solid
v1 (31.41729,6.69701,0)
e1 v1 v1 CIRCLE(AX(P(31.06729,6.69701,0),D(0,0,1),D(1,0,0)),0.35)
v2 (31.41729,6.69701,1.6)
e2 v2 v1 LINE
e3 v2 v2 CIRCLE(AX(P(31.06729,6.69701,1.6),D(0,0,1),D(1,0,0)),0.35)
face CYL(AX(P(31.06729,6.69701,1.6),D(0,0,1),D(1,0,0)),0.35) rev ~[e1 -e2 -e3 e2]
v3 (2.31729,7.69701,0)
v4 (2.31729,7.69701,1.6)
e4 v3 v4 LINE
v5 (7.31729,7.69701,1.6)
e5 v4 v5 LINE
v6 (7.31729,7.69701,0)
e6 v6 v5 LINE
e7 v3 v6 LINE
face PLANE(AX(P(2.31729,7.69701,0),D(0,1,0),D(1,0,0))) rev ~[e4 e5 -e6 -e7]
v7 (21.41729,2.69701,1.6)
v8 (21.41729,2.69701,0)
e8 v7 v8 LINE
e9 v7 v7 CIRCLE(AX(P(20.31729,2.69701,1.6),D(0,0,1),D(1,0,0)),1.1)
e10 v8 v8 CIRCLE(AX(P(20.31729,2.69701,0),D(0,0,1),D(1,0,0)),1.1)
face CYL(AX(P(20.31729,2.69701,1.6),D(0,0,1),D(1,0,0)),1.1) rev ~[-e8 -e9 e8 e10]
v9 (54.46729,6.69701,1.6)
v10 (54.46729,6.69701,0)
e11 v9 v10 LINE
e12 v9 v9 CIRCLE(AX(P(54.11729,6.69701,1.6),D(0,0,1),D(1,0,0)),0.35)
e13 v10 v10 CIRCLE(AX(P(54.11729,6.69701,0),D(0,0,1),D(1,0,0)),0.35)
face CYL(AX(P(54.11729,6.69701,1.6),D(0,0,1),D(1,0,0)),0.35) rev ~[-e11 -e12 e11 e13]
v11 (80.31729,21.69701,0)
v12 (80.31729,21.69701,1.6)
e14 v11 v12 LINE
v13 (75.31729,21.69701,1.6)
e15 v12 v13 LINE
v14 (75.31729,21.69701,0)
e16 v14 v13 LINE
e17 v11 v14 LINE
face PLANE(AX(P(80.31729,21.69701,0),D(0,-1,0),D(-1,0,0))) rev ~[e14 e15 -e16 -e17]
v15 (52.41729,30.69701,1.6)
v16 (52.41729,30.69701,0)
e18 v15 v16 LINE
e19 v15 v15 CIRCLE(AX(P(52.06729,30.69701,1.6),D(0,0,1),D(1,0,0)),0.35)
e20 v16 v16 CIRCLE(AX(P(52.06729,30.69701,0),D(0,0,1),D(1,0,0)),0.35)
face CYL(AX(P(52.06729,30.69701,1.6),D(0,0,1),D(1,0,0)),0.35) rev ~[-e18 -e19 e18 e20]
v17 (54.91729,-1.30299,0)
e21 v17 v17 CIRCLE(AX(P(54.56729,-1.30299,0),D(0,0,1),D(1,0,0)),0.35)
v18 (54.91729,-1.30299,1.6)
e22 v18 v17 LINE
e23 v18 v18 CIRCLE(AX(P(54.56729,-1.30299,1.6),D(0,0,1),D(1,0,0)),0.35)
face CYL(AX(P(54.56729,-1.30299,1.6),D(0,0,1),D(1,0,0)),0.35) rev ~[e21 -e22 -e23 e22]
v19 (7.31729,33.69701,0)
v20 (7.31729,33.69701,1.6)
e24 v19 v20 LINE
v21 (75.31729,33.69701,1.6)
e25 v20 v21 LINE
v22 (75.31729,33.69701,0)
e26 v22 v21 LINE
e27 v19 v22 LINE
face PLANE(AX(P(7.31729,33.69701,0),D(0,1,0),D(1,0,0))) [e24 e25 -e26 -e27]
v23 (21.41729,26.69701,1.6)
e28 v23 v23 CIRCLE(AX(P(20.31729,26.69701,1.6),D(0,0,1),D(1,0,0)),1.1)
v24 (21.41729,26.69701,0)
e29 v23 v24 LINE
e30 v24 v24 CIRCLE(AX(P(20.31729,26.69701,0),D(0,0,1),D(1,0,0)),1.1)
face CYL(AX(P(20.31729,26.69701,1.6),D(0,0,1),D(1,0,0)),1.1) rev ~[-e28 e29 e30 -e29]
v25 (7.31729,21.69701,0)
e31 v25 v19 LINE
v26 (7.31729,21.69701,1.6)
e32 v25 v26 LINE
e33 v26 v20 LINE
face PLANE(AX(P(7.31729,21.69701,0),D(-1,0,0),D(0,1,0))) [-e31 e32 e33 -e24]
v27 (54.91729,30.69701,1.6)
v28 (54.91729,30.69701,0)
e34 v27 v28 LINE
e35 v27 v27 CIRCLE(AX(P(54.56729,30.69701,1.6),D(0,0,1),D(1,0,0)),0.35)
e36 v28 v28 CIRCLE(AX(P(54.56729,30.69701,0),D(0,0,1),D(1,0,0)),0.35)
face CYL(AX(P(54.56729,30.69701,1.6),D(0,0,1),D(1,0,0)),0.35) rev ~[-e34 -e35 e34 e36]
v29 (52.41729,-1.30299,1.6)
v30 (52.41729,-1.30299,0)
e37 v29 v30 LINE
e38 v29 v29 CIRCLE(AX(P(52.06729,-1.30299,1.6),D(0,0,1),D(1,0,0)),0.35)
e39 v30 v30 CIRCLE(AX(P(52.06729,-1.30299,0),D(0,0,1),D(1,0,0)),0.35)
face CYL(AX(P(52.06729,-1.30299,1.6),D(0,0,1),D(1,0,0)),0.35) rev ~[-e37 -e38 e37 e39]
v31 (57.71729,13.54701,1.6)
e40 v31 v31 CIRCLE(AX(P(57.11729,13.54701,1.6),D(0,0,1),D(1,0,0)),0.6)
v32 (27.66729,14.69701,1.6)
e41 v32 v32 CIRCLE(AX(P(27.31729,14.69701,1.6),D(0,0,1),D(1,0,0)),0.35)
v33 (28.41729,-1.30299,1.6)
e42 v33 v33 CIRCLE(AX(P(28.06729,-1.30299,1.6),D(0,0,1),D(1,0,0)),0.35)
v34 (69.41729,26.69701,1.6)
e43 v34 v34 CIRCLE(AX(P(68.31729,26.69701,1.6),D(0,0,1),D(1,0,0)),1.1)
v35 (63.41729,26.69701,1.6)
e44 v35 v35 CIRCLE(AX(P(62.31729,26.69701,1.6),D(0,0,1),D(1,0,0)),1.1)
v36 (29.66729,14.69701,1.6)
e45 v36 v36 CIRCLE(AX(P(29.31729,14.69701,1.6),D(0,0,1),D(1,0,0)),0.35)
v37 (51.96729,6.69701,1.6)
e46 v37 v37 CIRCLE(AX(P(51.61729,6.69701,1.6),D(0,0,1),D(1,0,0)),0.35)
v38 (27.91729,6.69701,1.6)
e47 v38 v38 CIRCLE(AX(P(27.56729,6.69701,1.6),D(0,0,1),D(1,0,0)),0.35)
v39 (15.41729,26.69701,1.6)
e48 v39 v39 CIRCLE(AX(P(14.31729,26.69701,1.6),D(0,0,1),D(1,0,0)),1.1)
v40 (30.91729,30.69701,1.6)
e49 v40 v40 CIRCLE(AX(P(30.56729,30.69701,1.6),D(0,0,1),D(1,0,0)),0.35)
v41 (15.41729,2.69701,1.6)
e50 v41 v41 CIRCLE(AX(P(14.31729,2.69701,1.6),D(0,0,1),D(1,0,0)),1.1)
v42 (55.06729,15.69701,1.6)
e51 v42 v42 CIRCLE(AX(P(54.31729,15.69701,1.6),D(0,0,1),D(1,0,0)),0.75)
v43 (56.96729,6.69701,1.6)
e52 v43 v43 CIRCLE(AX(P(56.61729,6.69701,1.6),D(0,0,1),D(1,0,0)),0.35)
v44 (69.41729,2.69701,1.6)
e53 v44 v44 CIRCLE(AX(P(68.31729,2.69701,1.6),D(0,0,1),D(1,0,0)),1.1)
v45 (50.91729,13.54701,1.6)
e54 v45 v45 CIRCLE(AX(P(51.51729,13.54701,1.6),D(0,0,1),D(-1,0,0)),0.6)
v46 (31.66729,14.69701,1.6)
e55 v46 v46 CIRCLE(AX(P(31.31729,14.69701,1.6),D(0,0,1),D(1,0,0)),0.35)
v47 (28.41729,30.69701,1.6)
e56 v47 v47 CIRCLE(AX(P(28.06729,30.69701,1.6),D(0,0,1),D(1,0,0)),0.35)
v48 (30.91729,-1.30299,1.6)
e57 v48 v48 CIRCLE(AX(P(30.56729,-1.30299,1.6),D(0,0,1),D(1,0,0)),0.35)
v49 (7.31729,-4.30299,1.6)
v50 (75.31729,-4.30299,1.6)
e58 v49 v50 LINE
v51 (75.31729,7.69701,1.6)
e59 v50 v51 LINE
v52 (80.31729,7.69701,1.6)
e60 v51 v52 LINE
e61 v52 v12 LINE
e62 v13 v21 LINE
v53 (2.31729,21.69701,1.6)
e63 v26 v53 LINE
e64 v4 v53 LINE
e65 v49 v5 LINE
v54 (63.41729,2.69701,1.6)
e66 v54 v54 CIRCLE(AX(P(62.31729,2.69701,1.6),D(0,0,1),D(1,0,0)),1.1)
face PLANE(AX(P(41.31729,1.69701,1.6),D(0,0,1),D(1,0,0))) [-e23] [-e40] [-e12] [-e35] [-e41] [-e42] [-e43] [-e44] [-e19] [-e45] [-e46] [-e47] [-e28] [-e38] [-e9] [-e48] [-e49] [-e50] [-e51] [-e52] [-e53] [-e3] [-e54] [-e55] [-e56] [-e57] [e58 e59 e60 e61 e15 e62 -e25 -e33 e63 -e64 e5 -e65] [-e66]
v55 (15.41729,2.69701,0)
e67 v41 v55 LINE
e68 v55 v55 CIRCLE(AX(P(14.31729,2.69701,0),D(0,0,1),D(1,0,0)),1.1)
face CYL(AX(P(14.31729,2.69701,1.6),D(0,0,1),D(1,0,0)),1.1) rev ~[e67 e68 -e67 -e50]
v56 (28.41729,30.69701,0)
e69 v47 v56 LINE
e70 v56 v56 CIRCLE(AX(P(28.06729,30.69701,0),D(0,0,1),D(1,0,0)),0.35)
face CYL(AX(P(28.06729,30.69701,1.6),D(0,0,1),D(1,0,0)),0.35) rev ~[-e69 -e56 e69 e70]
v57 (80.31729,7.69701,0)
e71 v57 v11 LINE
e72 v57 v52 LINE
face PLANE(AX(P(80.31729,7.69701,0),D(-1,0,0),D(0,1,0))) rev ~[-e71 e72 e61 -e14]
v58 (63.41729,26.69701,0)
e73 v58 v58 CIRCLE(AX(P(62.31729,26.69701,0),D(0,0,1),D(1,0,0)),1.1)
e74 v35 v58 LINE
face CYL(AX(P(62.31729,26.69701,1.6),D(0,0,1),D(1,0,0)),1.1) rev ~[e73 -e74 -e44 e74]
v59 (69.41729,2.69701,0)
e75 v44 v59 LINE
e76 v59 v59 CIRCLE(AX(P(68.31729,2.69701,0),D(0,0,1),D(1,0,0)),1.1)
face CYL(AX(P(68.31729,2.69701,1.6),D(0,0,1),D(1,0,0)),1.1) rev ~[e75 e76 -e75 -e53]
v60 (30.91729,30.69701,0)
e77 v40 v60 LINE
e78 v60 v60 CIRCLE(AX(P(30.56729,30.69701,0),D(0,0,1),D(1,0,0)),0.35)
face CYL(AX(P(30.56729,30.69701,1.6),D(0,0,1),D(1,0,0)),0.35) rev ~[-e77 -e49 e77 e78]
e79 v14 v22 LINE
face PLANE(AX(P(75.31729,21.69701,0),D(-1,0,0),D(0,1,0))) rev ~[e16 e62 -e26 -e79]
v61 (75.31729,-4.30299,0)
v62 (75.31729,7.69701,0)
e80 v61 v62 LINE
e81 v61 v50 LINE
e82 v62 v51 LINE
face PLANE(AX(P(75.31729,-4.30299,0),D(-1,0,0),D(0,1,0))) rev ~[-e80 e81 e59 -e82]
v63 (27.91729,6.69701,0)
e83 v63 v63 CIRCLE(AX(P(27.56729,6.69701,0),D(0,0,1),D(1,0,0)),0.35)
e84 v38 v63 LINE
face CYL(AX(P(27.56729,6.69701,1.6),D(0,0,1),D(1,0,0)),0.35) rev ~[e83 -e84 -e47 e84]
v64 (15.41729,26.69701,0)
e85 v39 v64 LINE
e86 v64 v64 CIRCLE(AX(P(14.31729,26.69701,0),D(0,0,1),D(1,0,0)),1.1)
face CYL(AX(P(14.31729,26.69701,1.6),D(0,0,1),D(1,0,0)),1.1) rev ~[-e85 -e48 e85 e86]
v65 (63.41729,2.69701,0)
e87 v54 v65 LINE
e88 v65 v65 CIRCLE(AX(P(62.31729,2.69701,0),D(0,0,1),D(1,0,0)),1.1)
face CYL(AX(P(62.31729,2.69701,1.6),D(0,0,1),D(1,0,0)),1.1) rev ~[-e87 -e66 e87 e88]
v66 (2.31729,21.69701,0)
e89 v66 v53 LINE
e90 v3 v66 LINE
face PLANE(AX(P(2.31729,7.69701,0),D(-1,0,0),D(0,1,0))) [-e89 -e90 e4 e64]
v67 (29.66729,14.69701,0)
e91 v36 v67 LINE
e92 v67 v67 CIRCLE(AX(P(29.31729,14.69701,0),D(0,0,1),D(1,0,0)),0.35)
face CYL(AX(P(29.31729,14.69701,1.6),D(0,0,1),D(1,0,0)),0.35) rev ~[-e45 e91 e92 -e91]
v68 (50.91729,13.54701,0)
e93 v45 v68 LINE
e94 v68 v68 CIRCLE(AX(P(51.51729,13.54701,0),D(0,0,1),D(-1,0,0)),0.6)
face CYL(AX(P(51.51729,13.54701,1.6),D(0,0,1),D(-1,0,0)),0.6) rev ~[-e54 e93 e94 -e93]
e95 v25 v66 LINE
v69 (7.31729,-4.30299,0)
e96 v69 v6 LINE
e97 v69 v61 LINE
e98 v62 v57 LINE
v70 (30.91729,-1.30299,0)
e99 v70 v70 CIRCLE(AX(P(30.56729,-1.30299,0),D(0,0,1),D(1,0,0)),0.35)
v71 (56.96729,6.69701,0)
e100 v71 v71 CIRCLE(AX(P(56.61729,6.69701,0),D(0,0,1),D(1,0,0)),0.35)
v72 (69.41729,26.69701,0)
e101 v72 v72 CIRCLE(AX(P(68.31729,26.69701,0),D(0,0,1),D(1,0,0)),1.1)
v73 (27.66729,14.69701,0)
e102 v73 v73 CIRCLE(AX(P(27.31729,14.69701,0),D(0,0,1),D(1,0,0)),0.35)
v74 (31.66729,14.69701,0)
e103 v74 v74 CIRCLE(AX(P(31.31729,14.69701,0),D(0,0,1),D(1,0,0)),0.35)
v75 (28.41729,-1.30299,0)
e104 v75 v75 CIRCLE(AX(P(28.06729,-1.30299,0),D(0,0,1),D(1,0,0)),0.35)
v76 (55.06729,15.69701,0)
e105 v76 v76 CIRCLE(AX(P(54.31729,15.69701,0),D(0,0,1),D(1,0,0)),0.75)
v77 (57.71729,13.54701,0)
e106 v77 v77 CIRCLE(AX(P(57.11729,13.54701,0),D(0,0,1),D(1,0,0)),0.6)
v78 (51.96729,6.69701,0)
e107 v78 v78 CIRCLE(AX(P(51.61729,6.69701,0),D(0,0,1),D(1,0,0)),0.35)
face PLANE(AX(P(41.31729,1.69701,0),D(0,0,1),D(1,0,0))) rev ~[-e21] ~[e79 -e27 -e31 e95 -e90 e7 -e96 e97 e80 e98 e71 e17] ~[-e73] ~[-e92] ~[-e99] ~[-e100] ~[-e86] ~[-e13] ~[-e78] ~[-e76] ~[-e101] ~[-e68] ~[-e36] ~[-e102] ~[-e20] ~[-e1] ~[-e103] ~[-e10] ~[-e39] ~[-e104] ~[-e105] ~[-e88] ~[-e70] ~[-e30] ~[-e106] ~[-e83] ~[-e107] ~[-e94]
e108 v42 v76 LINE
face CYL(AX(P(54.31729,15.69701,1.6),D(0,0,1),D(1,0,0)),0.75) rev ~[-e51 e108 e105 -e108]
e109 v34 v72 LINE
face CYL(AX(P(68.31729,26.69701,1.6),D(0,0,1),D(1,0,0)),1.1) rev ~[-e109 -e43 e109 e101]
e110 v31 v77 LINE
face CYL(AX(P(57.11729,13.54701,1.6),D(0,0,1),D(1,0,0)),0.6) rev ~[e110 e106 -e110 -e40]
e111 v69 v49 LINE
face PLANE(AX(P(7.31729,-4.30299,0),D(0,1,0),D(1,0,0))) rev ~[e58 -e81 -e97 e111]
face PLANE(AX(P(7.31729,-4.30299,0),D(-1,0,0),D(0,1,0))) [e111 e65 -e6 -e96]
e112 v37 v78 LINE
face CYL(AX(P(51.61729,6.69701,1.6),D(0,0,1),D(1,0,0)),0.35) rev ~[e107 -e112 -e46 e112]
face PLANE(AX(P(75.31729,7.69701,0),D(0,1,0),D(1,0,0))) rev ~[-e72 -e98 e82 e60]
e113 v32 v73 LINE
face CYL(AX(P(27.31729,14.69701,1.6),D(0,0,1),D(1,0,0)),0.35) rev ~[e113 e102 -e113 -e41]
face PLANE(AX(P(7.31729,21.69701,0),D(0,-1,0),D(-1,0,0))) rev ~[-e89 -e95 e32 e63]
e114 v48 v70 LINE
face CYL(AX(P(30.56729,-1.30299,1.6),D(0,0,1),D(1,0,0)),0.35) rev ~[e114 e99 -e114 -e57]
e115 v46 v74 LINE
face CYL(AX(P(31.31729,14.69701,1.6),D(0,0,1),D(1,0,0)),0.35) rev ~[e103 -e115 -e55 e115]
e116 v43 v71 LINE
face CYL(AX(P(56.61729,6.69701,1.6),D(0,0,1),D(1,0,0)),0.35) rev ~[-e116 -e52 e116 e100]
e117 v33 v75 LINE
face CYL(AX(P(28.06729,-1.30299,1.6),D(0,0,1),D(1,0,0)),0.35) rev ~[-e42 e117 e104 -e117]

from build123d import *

# Parameters (mm, degrees)
F0_W     = 68
F0_H     = 12
F0_W_2   = 5
F0_H_2   = 14
F1_DEPTH = 1.6
F4_R     = 0.35
F5_R     = 0.35
F6_R     = 0.35
F2_R     = 0.35
F7_DEPTH = 4
F8_R     = 1.1
F9_DEPTH = 25


with BuildPart() as f1:
    # F0 (on Top) → F1 (new body)
    with BuildSketch(Plane.XY):
        with Locations((41.3172904253, 1.6970097786)):
            Rectangle(F0_W, F0_H)
        with Locations((4.8172904253, 14.6970097786)):
            Rectangle(F0_W_2, F0_H_2)
        with Locations((41.3172904253, 14.6970097786)):
            Rectangle(F0_W, F0_H_2)
        with Locations((77.8172904253, 14.6970097786)):
            Rectangle(F0_W_2, F0_H_2)
        with Locations((41.3172904253, 27.6970097786)):
            Rectangle(F0_W, F0_H)
    extrude(amount=F1_DEPTH)

    # F4 (on face) + F5 (on face) + F6 (on face) + F3 (on face) + F2 (on face) → F7 (cut)
    with BuildSketch(Plane.XY.offset(1.6)):
        with Locations((51.6172904253, 6.6970097786)):
            Circle(F4_R)
        with Locations((56.6172904253, 6.6970097786)):
            Circle(F4_R)
        with Locations((54.1172904253, 6.6970097786)):
            Circle(F4_R)
    with BuildSketch(Plane.XY.offset(1.6)):
        with Locations((28.0672904253, -1.3029902214)):
            Circle(F5_R)
        with Locations((30.5672904253, -1.3029902214)):
            Circle(F5_R)
        with Locations((52.0672904253, -1.3029902214)):
            Circle(F5_R)
        with Locations((54.5672904253, -1.3029902214)):
            Circle(F5_R)
        with Locations((54.5672904253, 30.6970097786)):
            Circle(F5_R)
        with Locations((52.0672904253, 30.6970097786)):
            Circle(F5_R)
        with Locations((30.5672904253, 30.6970097786)):
            Circle(F5_R)
        with Locations((28.0672904253, 30.6970097786)):
            Circle(F5_R)
    with BuildSketch(Plane.XY.offset(1.6)):
        with Locations((27.5672904253, 6.6970097786)):
            Circle(F6_R)
        with Locations((31.0672904253, 6.6970097786)):
            Circle(F6_R)
    with BuildSketch(Plane.XY.offset(1.6)):
        with BuildLine():
            Line((54.8172904253, 15.4470097786), (53.8172904253, 15.4470097786))
            ThreePointArc((53.8172904253, 15.4470097786), (53.640513733, 15.5202330803), (53.5672904253, 15.6970097701))
            ThreePointArc((53.5672904253, 15.6970097701), (54.3172904296, 14.9470097786), (55.0672904253, 15.6970097786))
            ThreePointArc((55.0672904253, 15.6970097786), (54.9940671206, 15.5202330833), (54.8172904253, 15.4470097786))
        make_face()
        with BuildLine():
            ThreePointArc((53.5672904253, 15.6970097701), (53.640513733, 15.5202330803), (53.8172904253, 15.4470097786))
            Line((53.8172904253, 15.4470097786), (54.8172904253, 15.4470097786))
            ThreePointArc((54.8172904253, 15.4470097786), (54.9940671206, 15.5202330833), (55.0672904253, 15.6970097786))
            ThreePointArc((55.0672904253, 15.6970097786), (54.9940671206, 15.8737864739), (54.8172904253, 15.9470097786))
            Line((54.8172904253, 15.9470097786), (53.8172904253, 15.9470097786))
            ThreePointArc((53.8172904253, 15.9470097786), (53.640513727, 15.8737864709), (53.5672904253, 15.6970097701))
        make_face()
        with BuildLine():
            ThreePointArc((55.0672904253, 15.6970097786), (54.317290421, 16.4470097786), (53.5672904253, 15.6970097701))
            ThreePointArc((53.5672904253, 15.6970097701), (53.640513727, 15.8737864709), (53.8172904253, 15.9470097786))
            Line((53.8172904253, 15.9470097786), (54.8172904253, 15.9470097786))
            ThreePointArc((54.8172904253, 15.9470097786), (54.9940671206, 15.8737864739), (55.0672904253, 15.6970097786))
        make_face()
        with BuildLine():
            Line((51.1672904253, 13.7970097786), (51.8672904253, 13.7970097786))
            ThreePointArc((51.8672904253, 13.7970097786), (52.0440671206, 13.7237864739), (52.1172904253, 13.5470097786))
            ThreePointArc((52.1172904253, 13.5470097786), (51.5172904253, 14.1470097786), (50.9172904253, 13.5470097786))
            ThreePointArc((50.9172904253, 13.5470097786), (50.99051373, 13.7237864739), (51.1672904253, 13.7970097786))
        make_face()
        with BuildLine():
            ThreePointArc((52.1172904253, 13.5470097786), (52.0440671206, 13.7237864739), (51.8672904253, 13.7970097786))
            Line((51.8672904253, 13.7970097786), (51.1672904253, 13.7970097786))
            ThreePointArc((51.1672904253, 13.7970097786), (50.99051373, 13.7237864739), (50.9172904253, 13.5470097786))
            ThreePointArc((50.9172904253, 13.5470097786), (50.99051373, 13.3702330833), (51.1672904253, 13.2970097786))
            Line((51.1672904253, 13.2970097786), (51.8672904253, 13.2970097786))
            ThreePointArc((51.8672904253, 13.2970097786), (52.0440671206, 13.3702330833), (52.1172904253, 13.5470097786))
        make_face()
        with BuildLine():
            ThreePointArc((50.9172904253, 13.5470097786), (51.5172904253, 12.9470097786), (52.1172904253, 13.5470097786))
            ThreePointArc((52.1172904253, 13.5470097786), (52.0440671206, 13.3702330833), (51.8672904253, 13.2970097786))
            Line((51.8672904253, 13.2970097786), (51.1672904253, 13.2970097786))
            ThreePointArc((51.1672904253, 13.2970097786), (50.99051373, 13.3702330833), (50.9172904253, 13.5470097786))
        make_face()
        with BuildLine():
            Line((56.7672904253, 13.2970097786), (57.4672904253, 13.2970097786))
            ThreePointArc((57.4672904253, 13.2970097786), (57.6440671206, 13.3702330833), (57.7172904253, 13.5470097786))
            ThreePointArc((57.7172904253, 13.5470097786), (57.6440671206, 13.7237864739), (57.4672904253, 13.7970097786))
            Line((57.4672904253, 13.7970097786), (56.7672904253, 13.7970097786))
            ThreePointArc((56.7672904253, 13.7970097786), (56.59051373, 13.7237864739), (56.5172904253, 13.5470097786))
            ThreePointArc((56.5172904253, 13.5470097786), (56.59051373, 13.3702330833), (56.7672904253, 13.2970097786))
        make_face()
        with BuildLine():
            ThreePointArc((57.7172904253, 13.5470097786), (57.6440671206, 13.3702330833), (57.4672904253, 13.2970097786))
            Line((57.4672904253, 13.2970097786), (56.7672904253, 13.2970097786))
            ThreePointArc((56.7672904253, 13.2970097786), (56.59051373, 13.3702330833), (56.5172904253, 13.5470097786))
            ThreePointArc((56.5172904253, 13.5470097786), (57.1172904253, 12.9470097786), (57.7172904253, 13.5470097786))
        make_face()
        with BuildLine():
            ThreePointArc((57.4672904253, 13.7970097786), (57.6440671206, 13.7237864739), (57.7172904253, 13.5470097786))
            ThreePointArc((57.7172904253, 13.5470097786), (57.1172904253, 14.1470097786), (56.5172904253, 13.5470097786))
            ThreePointArc((56.5172904253, 13.5470097786), (56.59051373, 13.7237864739), (56.7672904253, 13.7970097786))
            Line((56.7672904253, 13.7970097786), (57.4672904253, 13.7970097786))
        make_face()
    with BuildSketch(Plane.XY.offset(1.6)):
        with Locations((27.3172904253, 14.6970097786)):
            Circle(F2_R)
        with Locations((29.3172904253, 14.6970097786)):
            Circle(F2_R)
        with Locations((31.3172904253, 14.6970097786)):
            Circle(F2_R)
    extrude(amount=-F7_DEPTH, mode=Mode.SUBTRACT)

    # F8 (on face) → F9 (cut)
    with BuildSketch(Plane.XY.offset(1.6)):
        with Locations((62.3172904253, 26.6970097786)):
            Circle(F8_R)
        with Locations((20.3172904253, 26.6970097786)):
            Circle(F8_R)
        with Locations((68.3172904253, 2.6970097786)):
            Circle(F8_R)
        with Locations((14.3172904253, 2.6970097786)):
            Circle(F8_R)
        with Locations((62.3172904253, 2.6970097786)):
            Circle(F8_R)
        with Locations((20.3172904253, 2.6970097786)):
            Circle(F8_R)
        with Locations((68.3172904253, 26.6970097786)):
            Circle(F8_R)
        with Locations((14.3172904253, 26.6970097786)):
            Circle(F8_R)
    extrude(amount=-F9_DEPTH, mode=Mode.SUBTRACT)


solid = f1.part
